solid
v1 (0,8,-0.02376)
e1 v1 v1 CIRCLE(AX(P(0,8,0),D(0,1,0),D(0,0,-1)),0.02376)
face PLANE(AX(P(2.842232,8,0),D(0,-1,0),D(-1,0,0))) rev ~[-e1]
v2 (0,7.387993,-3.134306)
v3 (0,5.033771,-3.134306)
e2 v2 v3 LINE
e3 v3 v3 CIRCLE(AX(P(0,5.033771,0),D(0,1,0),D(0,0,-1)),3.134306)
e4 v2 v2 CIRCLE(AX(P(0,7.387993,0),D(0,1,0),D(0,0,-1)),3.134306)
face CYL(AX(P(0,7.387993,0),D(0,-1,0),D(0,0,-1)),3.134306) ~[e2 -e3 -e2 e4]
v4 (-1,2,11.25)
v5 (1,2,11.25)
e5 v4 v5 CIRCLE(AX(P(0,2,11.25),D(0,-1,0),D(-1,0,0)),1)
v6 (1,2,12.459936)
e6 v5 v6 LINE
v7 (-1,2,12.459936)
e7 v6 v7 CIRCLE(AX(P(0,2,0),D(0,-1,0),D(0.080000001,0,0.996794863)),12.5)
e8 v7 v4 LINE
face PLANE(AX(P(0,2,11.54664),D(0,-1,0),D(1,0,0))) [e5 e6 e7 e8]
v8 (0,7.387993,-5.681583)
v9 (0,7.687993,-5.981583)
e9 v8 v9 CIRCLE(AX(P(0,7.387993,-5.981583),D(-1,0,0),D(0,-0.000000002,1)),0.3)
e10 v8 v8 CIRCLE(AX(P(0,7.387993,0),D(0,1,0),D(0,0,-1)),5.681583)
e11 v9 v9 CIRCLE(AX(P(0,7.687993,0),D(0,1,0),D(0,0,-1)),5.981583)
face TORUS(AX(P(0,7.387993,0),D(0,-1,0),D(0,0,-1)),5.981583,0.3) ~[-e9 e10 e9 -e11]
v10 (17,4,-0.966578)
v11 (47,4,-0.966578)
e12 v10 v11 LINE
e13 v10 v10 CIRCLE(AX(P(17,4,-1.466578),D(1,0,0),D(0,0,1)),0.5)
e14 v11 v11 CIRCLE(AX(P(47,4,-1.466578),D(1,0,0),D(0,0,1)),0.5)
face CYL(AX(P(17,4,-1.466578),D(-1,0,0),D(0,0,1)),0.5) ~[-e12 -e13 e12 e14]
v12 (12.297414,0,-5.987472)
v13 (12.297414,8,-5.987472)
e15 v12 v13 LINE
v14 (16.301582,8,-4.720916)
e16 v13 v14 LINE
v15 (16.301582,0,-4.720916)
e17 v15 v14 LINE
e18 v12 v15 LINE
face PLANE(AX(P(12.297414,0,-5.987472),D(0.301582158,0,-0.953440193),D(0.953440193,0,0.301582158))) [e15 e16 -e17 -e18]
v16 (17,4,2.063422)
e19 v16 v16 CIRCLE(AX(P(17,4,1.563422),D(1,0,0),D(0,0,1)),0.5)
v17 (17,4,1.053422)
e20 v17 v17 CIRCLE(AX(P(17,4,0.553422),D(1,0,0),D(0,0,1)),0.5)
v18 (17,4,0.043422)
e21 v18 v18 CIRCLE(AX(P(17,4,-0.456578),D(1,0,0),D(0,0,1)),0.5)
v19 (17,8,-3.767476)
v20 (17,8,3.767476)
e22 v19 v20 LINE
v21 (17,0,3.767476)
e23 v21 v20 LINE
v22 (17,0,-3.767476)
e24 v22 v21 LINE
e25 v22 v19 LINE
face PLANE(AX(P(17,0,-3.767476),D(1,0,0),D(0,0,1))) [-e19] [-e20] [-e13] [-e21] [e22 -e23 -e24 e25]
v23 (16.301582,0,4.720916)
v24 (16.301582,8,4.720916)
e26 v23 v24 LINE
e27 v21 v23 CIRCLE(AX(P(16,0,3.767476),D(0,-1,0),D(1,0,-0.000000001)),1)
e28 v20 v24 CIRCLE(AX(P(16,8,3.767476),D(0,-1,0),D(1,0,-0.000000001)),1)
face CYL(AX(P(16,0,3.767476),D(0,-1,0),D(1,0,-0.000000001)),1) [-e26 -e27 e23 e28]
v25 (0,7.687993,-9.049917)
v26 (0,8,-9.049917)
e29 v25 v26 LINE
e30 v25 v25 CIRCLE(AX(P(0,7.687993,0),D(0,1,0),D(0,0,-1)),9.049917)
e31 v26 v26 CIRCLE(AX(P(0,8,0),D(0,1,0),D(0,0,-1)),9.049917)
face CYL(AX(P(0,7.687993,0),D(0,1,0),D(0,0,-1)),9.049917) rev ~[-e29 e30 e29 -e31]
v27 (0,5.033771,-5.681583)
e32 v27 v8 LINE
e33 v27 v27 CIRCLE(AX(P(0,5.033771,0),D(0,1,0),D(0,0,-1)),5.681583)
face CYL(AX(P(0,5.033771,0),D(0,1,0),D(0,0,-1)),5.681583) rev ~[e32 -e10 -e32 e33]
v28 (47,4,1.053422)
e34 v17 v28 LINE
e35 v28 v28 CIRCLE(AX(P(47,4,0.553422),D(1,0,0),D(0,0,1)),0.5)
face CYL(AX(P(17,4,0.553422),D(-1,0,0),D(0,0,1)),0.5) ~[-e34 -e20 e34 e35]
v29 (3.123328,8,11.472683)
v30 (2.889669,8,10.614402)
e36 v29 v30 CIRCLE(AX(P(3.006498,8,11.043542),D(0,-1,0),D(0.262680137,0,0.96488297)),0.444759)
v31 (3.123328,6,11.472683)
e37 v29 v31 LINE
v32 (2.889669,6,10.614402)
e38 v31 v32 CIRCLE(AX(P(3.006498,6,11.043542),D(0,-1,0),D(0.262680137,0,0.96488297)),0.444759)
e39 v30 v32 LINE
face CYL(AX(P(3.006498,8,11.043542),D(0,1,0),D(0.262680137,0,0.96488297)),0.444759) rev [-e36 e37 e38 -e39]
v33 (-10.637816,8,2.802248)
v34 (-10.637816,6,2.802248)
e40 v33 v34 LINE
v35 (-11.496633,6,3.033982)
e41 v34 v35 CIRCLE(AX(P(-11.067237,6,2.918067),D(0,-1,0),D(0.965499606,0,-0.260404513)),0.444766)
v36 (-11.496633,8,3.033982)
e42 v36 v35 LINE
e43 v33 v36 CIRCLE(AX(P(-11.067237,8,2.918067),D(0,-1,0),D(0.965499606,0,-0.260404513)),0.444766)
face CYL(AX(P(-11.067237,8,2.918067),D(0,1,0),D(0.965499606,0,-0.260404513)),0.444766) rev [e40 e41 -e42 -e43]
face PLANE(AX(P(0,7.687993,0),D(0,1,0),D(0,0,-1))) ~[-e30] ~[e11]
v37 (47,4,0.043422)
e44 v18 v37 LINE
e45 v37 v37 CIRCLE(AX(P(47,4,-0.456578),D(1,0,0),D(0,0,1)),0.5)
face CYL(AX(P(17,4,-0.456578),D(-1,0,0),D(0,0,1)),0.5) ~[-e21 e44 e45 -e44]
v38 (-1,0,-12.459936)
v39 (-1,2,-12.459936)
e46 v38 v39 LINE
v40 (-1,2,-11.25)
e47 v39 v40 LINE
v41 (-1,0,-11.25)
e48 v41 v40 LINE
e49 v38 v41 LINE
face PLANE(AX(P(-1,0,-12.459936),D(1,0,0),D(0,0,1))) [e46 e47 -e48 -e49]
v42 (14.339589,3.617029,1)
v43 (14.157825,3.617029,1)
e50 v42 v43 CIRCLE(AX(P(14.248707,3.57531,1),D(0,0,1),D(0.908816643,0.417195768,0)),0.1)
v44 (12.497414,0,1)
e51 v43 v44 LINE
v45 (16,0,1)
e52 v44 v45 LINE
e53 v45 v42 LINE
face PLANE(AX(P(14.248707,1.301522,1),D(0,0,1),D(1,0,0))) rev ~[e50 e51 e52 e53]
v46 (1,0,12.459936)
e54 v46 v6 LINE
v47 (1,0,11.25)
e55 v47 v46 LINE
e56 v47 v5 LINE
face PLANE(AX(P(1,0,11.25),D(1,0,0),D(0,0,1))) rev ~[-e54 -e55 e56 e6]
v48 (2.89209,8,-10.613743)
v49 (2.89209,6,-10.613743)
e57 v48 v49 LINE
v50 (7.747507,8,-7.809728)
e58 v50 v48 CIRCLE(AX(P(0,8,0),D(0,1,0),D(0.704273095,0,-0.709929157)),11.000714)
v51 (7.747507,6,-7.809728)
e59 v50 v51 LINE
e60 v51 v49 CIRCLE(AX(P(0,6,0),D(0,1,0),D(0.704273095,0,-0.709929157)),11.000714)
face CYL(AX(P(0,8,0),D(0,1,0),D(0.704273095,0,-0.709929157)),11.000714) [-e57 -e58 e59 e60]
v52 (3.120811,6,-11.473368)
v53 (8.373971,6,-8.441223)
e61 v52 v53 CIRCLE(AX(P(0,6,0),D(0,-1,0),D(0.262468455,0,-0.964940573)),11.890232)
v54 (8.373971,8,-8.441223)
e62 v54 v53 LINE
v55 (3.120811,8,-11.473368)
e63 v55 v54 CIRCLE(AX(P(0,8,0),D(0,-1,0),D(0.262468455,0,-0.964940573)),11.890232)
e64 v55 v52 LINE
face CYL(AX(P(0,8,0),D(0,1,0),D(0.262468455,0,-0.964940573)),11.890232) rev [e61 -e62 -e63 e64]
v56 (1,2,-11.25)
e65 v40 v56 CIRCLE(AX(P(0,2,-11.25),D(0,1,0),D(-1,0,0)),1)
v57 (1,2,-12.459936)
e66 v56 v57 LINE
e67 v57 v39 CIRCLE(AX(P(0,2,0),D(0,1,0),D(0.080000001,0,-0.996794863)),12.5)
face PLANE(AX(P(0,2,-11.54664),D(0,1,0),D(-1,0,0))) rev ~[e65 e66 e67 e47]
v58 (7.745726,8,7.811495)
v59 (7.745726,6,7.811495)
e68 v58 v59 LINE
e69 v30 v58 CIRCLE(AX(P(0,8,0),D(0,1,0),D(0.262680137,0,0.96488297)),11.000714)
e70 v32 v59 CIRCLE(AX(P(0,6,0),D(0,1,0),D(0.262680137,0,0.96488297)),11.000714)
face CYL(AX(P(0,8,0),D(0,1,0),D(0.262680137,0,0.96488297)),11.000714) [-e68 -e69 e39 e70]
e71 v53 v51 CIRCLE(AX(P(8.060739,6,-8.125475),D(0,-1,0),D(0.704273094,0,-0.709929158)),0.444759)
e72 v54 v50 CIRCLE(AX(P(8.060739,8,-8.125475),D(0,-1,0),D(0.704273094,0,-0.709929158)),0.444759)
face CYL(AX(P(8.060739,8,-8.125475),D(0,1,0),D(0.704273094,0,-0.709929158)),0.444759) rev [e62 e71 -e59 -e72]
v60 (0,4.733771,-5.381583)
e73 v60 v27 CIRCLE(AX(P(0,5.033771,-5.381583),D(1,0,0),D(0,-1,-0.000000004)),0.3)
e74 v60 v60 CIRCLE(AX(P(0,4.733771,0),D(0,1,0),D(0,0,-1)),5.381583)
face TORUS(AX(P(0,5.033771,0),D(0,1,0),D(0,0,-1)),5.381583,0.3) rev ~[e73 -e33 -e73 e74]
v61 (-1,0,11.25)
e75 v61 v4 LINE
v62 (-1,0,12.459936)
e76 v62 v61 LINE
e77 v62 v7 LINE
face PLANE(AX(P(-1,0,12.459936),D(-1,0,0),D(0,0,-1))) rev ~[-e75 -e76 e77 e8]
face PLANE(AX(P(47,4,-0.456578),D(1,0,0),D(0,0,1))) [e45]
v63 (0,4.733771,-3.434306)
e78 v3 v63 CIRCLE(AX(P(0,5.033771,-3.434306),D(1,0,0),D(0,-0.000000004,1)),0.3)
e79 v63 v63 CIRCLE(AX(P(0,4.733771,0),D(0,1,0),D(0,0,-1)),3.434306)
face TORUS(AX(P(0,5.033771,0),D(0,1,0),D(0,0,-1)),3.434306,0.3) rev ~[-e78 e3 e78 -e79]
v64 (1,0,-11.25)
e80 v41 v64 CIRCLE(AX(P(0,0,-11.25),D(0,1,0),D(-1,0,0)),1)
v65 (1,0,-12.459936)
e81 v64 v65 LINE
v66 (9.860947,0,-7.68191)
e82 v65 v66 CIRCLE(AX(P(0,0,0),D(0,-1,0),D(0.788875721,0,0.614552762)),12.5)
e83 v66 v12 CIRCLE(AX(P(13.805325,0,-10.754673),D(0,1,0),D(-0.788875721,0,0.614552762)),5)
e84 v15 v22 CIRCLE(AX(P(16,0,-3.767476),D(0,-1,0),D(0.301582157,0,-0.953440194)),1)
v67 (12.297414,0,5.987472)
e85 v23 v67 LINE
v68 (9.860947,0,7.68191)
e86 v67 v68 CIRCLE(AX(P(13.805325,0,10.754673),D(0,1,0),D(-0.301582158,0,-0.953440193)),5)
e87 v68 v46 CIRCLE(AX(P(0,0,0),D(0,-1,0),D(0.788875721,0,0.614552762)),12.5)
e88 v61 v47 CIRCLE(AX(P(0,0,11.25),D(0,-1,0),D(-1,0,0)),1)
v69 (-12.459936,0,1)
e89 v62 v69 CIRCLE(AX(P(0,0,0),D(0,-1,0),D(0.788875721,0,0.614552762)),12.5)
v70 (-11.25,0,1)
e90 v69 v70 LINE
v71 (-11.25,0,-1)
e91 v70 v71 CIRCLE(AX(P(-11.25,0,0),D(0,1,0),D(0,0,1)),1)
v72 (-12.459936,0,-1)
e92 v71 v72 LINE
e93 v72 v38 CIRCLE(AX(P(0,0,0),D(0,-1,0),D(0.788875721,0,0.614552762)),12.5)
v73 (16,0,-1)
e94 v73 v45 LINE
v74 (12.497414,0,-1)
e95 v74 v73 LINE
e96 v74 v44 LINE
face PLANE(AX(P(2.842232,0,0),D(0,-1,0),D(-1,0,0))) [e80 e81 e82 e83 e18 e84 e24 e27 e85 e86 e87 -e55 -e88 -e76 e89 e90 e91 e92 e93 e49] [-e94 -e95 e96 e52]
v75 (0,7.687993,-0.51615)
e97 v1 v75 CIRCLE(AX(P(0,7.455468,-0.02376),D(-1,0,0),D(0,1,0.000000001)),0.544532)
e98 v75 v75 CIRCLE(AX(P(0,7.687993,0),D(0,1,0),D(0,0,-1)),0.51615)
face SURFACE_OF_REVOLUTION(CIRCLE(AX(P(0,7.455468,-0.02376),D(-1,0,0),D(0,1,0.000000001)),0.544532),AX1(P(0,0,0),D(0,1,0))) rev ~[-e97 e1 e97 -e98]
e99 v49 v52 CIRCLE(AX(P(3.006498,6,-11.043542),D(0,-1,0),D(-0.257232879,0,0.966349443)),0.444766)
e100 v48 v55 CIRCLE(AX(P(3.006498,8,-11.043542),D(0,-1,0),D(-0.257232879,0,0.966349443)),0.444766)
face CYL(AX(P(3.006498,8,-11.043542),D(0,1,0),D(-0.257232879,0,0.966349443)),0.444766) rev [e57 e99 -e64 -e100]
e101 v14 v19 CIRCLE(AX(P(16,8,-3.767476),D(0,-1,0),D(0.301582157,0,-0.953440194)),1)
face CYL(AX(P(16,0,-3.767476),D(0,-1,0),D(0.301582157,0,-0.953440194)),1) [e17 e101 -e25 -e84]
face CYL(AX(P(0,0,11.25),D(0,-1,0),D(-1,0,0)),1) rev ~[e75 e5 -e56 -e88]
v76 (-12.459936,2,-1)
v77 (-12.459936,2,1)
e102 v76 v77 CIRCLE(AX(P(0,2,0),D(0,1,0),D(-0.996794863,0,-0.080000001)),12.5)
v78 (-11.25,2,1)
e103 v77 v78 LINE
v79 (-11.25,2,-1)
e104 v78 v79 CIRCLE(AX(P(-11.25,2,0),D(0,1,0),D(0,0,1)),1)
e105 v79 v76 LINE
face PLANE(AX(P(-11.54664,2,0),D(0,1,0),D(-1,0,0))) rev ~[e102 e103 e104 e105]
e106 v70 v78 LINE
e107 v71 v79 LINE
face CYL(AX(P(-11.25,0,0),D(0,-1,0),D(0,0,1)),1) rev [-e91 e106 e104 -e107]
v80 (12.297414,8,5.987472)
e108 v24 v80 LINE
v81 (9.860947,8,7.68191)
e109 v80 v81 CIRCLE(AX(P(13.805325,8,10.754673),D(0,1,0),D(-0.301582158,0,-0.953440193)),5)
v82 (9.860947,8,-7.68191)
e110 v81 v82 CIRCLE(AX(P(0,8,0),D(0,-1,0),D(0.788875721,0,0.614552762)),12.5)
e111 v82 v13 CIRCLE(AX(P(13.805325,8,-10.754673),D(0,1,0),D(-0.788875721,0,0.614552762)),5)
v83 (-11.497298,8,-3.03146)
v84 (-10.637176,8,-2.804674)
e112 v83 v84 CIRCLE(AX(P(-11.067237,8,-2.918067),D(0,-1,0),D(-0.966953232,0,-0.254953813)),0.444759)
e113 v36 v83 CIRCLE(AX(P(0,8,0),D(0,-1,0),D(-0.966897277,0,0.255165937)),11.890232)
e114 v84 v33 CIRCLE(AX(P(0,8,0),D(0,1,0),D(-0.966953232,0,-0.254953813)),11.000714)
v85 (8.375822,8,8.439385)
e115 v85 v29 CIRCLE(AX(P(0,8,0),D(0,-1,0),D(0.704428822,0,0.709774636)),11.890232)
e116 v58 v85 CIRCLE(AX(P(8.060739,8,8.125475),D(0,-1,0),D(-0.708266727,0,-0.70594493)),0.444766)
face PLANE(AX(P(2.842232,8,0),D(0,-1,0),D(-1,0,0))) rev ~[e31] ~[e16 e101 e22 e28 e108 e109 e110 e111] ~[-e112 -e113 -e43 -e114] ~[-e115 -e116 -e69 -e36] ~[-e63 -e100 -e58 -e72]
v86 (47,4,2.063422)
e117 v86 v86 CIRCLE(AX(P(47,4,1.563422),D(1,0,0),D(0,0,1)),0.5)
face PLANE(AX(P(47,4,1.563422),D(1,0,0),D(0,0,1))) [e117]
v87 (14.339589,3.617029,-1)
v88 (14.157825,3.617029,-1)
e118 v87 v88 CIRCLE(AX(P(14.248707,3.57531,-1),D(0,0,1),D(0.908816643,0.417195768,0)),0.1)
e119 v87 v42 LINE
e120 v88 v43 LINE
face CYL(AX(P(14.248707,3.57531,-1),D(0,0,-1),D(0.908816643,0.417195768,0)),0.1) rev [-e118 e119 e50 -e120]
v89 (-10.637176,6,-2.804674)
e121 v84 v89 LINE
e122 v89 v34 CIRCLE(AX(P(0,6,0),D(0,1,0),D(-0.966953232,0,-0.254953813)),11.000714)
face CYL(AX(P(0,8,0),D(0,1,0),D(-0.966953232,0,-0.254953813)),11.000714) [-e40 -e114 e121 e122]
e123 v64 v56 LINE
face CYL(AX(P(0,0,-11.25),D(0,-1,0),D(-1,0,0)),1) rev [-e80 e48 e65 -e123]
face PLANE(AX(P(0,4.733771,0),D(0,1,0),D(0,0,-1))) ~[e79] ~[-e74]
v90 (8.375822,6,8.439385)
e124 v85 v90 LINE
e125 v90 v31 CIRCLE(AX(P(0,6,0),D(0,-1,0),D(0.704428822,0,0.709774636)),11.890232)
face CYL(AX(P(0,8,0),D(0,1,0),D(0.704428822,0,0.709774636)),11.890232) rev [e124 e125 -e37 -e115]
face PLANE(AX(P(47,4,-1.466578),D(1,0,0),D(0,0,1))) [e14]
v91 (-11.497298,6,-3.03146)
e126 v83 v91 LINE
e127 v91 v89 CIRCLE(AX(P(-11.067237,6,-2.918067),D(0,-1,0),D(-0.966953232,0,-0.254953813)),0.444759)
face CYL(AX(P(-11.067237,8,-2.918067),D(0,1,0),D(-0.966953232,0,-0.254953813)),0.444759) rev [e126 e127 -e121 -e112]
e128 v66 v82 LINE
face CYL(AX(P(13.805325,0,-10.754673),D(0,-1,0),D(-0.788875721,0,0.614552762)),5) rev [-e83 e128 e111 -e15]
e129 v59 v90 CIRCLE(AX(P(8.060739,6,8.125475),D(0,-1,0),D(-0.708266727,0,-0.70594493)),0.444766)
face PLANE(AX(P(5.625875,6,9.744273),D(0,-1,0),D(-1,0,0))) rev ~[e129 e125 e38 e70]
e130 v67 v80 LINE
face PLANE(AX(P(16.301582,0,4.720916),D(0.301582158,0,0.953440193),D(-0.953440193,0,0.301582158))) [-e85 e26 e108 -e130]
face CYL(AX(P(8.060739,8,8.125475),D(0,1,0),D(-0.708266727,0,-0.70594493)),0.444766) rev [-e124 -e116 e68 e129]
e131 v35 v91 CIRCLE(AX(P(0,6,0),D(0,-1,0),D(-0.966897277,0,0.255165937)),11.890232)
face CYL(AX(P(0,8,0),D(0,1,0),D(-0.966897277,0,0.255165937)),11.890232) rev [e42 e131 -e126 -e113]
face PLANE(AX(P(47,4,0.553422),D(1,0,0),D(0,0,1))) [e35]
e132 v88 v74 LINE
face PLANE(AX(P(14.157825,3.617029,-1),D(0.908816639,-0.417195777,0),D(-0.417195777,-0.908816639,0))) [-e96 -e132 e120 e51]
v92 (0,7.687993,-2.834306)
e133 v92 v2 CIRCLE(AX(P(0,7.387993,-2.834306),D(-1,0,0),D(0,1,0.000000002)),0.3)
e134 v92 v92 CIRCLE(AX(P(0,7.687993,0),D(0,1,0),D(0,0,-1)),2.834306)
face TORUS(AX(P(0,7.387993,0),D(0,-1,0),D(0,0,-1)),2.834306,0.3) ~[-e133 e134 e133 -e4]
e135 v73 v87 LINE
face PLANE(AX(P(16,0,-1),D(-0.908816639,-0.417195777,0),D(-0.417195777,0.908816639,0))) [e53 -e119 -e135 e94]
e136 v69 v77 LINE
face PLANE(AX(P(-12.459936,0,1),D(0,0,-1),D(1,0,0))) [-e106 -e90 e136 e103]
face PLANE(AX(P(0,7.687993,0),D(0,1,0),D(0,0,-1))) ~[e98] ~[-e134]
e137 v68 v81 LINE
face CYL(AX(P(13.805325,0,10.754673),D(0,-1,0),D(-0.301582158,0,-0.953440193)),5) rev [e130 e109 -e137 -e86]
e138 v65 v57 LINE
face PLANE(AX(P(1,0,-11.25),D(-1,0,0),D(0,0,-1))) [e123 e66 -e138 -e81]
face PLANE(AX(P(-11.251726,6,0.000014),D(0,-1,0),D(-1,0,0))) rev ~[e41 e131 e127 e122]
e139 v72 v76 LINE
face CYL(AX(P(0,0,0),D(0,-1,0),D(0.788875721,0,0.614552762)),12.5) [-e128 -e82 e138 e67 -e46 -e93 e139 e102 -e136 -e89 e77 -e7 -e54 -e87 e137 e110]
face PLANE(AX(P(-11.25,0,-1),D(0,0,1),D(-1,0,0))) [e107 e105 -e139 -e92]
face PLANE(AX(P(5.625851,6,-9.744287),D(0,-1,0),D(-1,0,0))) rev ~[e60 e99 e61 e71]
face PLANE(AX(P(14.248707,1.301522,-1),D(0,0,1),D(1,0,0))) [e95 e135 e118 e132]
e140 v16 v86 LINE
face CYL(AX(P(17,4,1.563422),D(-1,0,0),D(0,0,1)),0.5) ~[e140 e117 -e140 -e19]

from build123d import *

# Parameters (mm, degrees)
BOSS_EXTRUDE1_DEPTH     = 8
CUT_EXTRUDE1_DEPTH      = 2
CUT_EXTRUDE2_DEPTH      = 1
CUT_EXTRUDE2_DEPTH_BACK = 1
SKETCH7_R               = 0.5
BOSS_EXTRUDE4_DEPTH     = 30
CUT_EXTRUDE3_DEPTH      = 2


with BuildPart() as part:
    # Sketch1 → Boss-Extrude1 (new body)
    with BuildSketch(Plane(origin=(0, 0, 0), x_dir=(1, 0, 0), z_dir=(0, 1, 0))):
        with BuildLine():
            Line((12.297414328, 5.987472362), (16.301582158, 4.720916174))
            ThreePointArc((16.301582158, 4.720916174), (16.806716232, 4.358414998), (17, 3.767475981))
            Line((17, 3.767475981), (17, -3.767475981))
            ThreePointArc((17, -3.767475981), (16.806716232, -4.358414998), (16.301582158, -4.720916174))
            Line((16.301582158, -4.720916174), (12.297414328, -5.987472362))
            ThreePointArc((12.297414328, -5.987472362), (10.950566944, -6.649754843), (9.860946513, -7.68190952))
            ThreePointArc((9.860946513, -7.68190952), (-12.5, 0), (9.860946513, 7.68190952))
            ThreePointArc((9.860946513, 7.68190952), (10.950566944, 6.649754843), (12.297414328, 5.987472362))
        make_face()
    extrude(amount=BOSS_EXTRUDE1_DEPTH)

    # Sketch2 → Cut-Extrude1 (cut)
    with BuildSketch(Plane.XZ):
        with BuildLine():
            Line((1, 11.25), (1, 12.459935794))
            ThreePointArc((1, 12.459935794), (0, 12.5), (-1, 12.459935794))
            Line((-1, 12.459935794), (-1, 11.25))
            ThreePointArc((-1, 11.25), (0, 10.25), (1, 11.25))
        make_face()
        with BuildLine():
            Line((-11.25, -1), (-12.459935794, -1))
            ThreePointArc((-12.459935794, -1), (-12.5, 0), (-12.459935794, 1))
            Line((-12.459935794, 1), (-11.25, 1))
            ThreePointArc((-11.25, 1), (-10.25, 0), (-11.25, -1))
        make_face()
        with BuildLine():
            Line((1, -11.25), (1, -12.459935794))
            ThreePointArc((1, -12.459935794), (0, -12.5), (-1, -12.459935794))
            Line((-1, -12.459935794), (-1, -11.25))
            ThreePointArc((-1, -11.25), (0, -10.25), (1, -11.25))
        make_face()
    extrude(amount=-CUT_EXTRUDE1_DEPTH, mode=Mode.SUBTRACT)

    # Sketch3 → Cut-Extrude2 (cut, two sides: drawn at the far end of the back side and taken through both)
    with BuildSketch(Plane.XY.offset(-CUT_EXTRUDE2_DEPTH_BACK)):
        with BuildLine():
            Line((16, 0), (14.339588828, 3.617029189))
            ThreePointArc((14.339588828, 3.617029189), (14.248707164, 3.675309612), (14.1578255, 3.617029189))
            Line((14.1578255, 3.617029189), (12.497414328, 0))
            Line((12.497414328, 0), (16, 0))
        make_face()
    extrude(amount=CUT_EXTRUDE2_DEPTH + CUT_EXTRUDE2_DEPTH_BACK, mode=Mode.SUBTRACT)

    # Sketch6 → Cut-Revolve3 (revolve, cut)
    with BuildSketch(Plane.XY):
        with BuildLine():
            Line((-9.049917084, 8), (-0.023760171, 8))
            ThreePointArc((-0.023760171, 8), (-0.315220074, 7.915431347), (-0.516149554, 7.687993274))
            Line((-0.516149554, 7.687993274), (-2.834306132, 7.687993274))
            ThreePointArc((-2.834306132, 7.687993274), (-3.046438167, 7.600125308), (-3.134306132, 7.387993274))
            Line((-3.134306132, 7.387993274), (-3.134306132, 5.033771489))
            ThreePointArc((-3.134306132, 5.033771489), (-3.222174098, 4.821639455), (-3.434306132, 4.733771489))
            Line((-3.434306132, 4.733771489), (-5.381583428, 4.733771489))
            ThreePointArc((-5.381583428, 4.733771489), (-5.593715462, 4.821639455), (-5.681583428, 5.033771489))
            Line((-5.681583428, 5.033771489), (-5.681583428, 7.387993274))
            ThreePointArc((-5.681583428, 7.387993274), (-5.769451393, 7.600125308), (-5.981583428, 7.687993274))
            Line((-5.981583428, 7.687993274), (-9.049917084, 7.687993274))
            Line((-9.049917084, 7.687993274), (-9.049917084, 8))
        make_face()
    revolve(axis=Axis((0, 0, 0), (0, 1, 0)), mode=Mode.SUBTRACT)

    # Sketch7 → Boss-Extrude4 (add)
    with BuildSketch(Plane(origin=(17, 0, 0), x_dir=(0, 0, -1), z_dir=(1, 0, 0))):
        with Locations((-1.563421987, 4)):
            Circle(SKETCH7_R)
        with Locations((-0.553421987, 4)):
            Circle(SKETCH7_R)
        with Locations((0.456578013, 4)):
            Circle(SKETCH7_R)
        with Locations((1.466578013, 4)):
            Circle(SKETCH7_R)
    extrude(amount=BOSS_EXTRUDE4_DEPTH)

    # Sketch8 → Cut-Extrude3 (cut)
    with BuildSketch(Plane(origin=(0, 8, 0), x_dir=(1, 0, 0), z_dir=(0, 1, 0))):
        with BuildLine():
            ThreePointArc((-11.496633178, -3.033982251), (-11.890232168, -0.001304237), (-11.497298495, 3.031460051))
            ThreePointArc((-11.497298495, 3.031460051), (-10.953844404, 3.348128163), (-10.637176292, 2.804674072))
            ThreePointArc((-10.637176292, 2.804674072), (-11.000714274, 0.001254503), (-10.637815696, -2.802247907))
            ThreePointArc((-10.637815696, -2.802247907), (-10.951370221, -3.347475805), (-11.496633178, -3.033982251))
        make_face()
        with BuildLine():
            ThreePointArc((3.120810885, 11.473367515), (5.943986582, 10.297895233), (8.373970662, 8.441222546))
            ThreePointArc((8.373970662, 8.441222546), (8.376486246, 7.812243441), (7.747507142, 7.809727858))
            ThreePointArc((7.747507142, 7.809727858), (5.501443569, 9.52627077), (2.892089973, 10.613742587))
            ThreePointArc((2.892089973, 10.613742587), (2.576686025, 11.15790272), (3.120810885, 11.473367515))
        make_face()
        with BuildLine():
            ThreePointArc((8.375822292, -8.439385265), (5.946245587, -10.296590996), (3.123327833, -11.472682597))
            ThreePointArc((3.123327833, -11.472682597), (2.577358158, -11.160371604), (2.889669151, -10.614401929))
            ThreePointArc((2.889669151, -10.614401929), (5.499270705, -9.527525273), (7.745725723, -7.81149468))
            ThreePointArc((7.745725723, -7.81149468), (8.374684196, -7.810426915), (8.375822292, -8.439385265))
        make_face()
    extrude(amount=-CUT_EXTRUDE3_DEPTH, mode=Mode.SUBTRACT)


solid = part.part
